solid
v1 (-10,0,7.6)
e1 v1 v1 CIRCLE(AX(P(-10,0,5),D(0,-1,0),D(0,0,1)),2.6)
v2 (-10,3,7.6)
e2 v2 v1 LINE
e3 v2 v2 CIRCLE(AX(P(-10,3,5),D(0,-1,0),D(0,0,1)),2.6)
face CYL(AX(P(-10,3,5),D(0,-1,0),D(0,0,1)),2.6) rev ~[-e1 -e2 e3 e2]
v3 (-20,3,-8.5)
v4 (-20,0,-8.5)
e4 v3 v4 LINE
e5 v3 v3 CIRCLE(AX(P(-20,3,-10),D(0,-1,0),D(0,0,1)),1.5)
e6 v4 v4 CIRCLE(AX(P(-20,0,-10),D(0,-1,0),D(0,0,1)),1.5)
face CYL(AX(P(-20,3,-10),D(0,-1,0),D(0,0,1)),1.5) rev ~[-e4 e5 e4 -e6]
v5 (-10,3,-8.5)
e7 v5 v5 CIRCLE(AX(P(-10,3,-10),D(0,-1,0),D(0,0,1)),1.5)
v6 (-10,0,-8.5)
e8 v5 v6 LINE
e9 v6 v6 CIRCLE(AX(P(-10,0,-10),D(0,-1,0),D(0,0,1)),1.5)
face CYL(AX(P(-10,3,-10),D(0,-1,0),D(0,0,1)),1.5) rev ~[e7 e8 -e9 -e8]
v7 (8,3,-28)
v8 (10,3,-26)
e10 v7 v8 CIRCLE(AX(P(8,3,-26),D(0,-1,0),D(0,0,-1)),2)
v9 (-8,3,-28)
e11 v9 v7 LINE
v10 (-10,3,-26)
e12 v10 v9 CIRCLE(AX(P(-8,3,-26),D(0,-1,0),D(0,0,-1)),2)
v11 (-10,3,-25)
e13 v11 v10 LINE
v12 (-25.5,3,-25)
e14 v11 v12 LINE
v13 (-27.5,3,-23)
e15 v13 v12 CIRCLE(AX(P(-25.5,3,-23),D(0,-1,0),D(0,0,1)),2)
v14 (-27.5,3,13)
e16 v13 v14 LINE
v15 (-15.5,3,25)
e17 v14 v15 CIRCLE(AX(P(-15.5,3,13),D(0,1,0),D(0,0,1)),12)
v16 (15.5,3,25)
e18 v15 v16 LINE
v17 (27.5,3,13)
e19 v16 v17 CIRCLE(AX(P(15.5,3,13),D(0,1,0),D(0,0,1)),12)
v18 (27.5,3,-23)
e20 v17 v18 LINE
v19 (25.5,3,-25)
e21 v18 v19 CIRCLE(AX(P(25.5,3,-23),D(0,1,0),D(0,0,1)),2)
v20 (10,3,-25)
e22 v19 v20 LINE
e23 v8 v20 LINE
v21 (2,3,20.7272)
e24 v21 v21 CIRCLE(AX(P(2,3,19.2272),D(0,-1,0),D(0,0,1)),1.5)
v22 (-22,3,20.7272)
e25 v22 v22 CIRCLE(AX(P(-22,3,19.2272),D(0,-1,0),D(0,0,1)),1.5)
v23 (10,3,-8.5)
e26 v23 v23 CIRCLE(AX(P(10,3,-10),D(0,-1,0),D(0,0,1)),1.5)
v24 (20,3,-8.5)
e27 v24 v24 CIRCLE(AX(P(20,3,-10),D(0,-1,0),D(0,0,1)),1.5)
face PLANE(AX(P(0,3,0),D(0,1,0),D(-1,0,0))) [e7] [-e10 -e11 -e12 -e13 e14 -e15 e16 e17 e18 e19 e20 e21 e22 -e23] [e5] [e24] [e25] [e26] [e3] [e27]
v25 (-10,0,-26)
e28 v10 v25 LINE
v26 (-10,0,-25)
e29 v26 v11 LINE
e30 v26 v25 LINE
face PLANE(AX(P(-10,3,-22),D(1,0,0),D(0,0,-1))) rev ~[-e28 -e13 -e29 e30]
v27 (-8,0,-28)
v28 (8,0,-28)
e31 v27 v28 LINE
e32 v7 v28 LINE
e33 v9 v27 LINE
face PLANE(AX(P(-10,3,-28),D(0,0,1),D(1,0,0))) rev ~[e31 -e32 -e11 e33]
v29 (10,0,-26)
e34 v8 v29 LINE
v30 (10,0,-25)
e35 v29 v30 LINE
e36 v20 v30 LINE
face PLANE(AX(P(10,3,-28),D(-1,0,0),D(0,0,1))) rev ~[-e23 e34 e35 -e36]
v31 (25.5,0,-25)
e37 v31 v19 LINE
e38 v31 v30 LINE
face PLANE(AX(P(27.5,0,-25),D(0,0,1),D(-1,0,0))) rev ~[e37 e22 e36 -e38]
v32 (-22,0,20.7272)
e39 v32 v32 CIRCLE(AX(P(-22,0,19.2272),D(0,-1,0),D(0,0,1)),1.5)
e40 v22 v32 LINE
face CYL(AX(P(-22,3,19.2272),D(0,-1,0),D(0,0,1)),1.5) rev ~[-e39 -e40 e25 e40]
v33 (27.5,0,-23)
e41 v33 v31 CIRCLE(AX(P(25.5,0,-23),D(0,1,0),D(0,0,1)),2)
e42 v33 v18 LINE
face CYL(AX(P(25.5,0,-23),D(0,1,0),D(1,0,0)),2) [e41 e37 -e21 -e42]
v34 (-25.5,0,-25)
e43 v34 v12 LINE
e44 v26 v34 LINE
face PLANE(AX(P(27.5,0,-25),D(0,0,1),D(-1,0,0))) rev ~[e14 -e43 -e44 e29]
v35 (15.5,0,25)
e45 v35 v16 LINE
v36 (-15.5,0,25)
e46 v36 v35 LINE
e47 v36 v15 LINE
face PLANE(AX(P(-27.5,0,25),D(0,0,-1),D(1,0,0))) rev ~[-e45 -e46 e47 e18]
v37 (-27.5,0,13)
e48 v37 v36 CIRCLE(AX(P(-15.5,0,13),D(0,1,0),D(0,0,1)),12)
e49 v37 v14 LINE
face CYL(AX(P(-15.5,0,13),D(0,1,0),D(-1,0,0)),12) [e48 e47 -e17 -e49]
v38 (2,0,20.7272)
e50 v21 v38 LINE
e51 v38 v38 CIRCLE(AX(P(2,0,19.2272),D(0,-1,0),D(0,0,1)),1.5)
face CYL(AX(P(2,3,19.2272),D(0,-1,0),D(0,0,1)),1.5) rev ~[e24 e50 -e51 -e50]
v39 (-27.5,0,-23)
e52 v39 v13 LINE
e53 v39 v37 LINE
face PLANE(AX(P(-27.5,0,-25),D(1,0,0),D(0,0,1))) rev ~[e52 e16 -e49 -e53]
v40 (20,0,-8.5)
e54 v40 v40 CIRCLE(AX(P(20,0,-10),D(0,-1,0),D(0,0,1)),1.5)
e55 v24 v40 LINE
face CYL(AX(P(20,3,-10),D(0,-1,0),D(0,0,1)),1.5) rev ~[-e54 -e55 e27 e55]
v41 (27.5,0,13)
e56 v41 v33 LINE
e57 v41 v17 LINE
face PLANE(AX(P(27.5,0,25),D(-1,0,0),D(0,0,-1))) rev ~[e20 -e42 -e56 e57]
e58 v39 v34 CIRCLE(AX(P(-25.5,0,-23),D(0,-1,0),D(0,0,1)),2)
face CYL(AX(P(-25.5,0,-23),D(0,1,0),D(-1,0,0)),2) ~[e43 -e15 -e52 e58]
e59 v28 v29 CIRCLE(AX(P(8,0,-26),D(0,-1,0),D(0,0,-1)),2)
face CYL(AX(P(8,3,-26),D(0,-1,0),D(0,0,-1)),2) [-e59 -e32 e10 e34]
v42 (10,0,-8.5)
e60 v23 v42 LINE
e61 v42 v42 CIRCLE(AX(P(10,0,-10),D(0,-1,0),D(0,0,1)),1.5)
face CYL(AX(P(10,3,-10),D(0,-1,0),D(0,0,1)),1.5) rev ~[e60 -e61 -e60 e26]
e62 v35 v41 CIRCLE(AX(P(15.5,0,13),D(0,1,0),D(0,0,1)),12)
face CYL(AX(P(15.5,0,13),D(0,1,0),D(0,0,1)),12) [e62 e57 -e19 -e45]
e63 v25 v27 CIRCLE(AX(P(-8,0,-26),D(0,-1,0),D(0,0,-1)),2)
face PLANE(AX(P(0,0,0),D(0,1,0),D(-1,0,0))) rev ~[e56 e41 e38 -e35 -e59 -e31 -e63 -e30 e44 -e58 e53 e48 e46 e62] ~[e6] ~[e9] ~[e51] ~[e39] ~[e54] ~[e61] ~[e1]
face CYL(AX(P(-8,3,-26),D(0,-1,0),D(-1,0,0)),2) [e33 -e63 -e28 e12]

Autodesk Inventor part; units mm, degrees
ref_plane "YZ Plane" through (0, 0, 0) normal (1, 0, 0) x (0, 1, 0)
ref_plane "XZ Plane" through (0, 0, 0) normal (0, 1, 0) x (-1, 0, 0)
ref_plane "XY Plane" through (0, 0, 0) normal (0, 0, 1) x (1, 0, 0)
sketch "Boceto1" plane through (0, 0, 0) normal (0, 1, 0) x (-1, 0, 0)
  line L0 (27.5, 25) -> (-27.5, 25)
  line L1 (-27.5, 25) -> (-27.5, -25)
  line L2 (-27.5, -25) -> (27.5, -25)
  line L3 (27.5, -25) -> (27.5, 25)
  line L4 (27.5, 25) -> (-27.5, -25) construction
  line L5 (-27.5, 25) -> (27.5, -25) construction
  point P0 (0, 0)
  dimension "d0" = 55
  dimension "d1" = 50
extrude "Extrusión1" add sketch "Boceto1" along normal blind 3
sketch "Boceto2" plane through (0, 3, 0) normal (0, 1, 0) x (1, 0, 0)
  line L0 (10, 22) -> (-10, 22)
  line L1 (-10, 22) -> (-10, 28)
  line L2 (-10, 28) -> (10, 28)
  line L3 (10, 28) -> (10, 22)
  line L4 (27.5, 25) -> (-27.5, 25) construction
  line L5 (10, 22) -> (-10, 28) construction
  line L6 (-10, 22) -> (10, 28) construction
  point P0 (0, 0)
  point P1 (0, 25)
  dimension "d4" = 6
  dimension "d5" = 20
extrude "Extrusión2" add sketch "Boceto2" against normal blind 3
fillet "Empalme1" radius 2 4 edges at (-27.5, 1.5, -25) (-10, 1.5, -28) (10, 1.5, -28) (27.5, 1.5, -25)
sketch "Boceto3" plane through (0, 3, 0) normal (0, 1, 0) x (1, 0, 0)
  circle A0 centre (-20, 10) radius 1.6 construction
  circle A1 centre (-10, -5) radius 1.5 construction
  circle A2 centre (-10, 10) radius 1.6 construction
  line L0 (0, 38.6) -> (0, -35.6) construction
  circle A3 centre (20, 10) radius 1.6 construction
  circle A4 centre (10, 10) radius 1.6 construction
  circle A5 centre (-22, -19.2272) radius 1.7 construction
  circle A6 centre (2, -19.2272) radius 1.7 construction
  point P0 (0, 0)
hole "Agujero1" at (-20, 3, -10) at (-10, 3, -10) at (10, 3, -10) at (20, 3, -10) at (2, 3, 19.2272) at (-22, 3, 19.2272) direction (0, -1, 0) diameter 3 end through all
sketch "Boceto4" plane through (0, 3, 0) normal (0, 1, 0) x (1, 0, 0)
  circle A0 centre (-10, -5) radius 1.5 construction
  point P0 (0, 0)
hole "Agujero2" at (-10, 3, 5) direction (0, -1, 0) diameter 5.2 end through all
fillet "Empalme2" radius 12 2 edges at (27.5, 1.5, 25) (-27.5, 1.5, 25)
properties part number "PlacaBaseGarraPotenciaSTD"
